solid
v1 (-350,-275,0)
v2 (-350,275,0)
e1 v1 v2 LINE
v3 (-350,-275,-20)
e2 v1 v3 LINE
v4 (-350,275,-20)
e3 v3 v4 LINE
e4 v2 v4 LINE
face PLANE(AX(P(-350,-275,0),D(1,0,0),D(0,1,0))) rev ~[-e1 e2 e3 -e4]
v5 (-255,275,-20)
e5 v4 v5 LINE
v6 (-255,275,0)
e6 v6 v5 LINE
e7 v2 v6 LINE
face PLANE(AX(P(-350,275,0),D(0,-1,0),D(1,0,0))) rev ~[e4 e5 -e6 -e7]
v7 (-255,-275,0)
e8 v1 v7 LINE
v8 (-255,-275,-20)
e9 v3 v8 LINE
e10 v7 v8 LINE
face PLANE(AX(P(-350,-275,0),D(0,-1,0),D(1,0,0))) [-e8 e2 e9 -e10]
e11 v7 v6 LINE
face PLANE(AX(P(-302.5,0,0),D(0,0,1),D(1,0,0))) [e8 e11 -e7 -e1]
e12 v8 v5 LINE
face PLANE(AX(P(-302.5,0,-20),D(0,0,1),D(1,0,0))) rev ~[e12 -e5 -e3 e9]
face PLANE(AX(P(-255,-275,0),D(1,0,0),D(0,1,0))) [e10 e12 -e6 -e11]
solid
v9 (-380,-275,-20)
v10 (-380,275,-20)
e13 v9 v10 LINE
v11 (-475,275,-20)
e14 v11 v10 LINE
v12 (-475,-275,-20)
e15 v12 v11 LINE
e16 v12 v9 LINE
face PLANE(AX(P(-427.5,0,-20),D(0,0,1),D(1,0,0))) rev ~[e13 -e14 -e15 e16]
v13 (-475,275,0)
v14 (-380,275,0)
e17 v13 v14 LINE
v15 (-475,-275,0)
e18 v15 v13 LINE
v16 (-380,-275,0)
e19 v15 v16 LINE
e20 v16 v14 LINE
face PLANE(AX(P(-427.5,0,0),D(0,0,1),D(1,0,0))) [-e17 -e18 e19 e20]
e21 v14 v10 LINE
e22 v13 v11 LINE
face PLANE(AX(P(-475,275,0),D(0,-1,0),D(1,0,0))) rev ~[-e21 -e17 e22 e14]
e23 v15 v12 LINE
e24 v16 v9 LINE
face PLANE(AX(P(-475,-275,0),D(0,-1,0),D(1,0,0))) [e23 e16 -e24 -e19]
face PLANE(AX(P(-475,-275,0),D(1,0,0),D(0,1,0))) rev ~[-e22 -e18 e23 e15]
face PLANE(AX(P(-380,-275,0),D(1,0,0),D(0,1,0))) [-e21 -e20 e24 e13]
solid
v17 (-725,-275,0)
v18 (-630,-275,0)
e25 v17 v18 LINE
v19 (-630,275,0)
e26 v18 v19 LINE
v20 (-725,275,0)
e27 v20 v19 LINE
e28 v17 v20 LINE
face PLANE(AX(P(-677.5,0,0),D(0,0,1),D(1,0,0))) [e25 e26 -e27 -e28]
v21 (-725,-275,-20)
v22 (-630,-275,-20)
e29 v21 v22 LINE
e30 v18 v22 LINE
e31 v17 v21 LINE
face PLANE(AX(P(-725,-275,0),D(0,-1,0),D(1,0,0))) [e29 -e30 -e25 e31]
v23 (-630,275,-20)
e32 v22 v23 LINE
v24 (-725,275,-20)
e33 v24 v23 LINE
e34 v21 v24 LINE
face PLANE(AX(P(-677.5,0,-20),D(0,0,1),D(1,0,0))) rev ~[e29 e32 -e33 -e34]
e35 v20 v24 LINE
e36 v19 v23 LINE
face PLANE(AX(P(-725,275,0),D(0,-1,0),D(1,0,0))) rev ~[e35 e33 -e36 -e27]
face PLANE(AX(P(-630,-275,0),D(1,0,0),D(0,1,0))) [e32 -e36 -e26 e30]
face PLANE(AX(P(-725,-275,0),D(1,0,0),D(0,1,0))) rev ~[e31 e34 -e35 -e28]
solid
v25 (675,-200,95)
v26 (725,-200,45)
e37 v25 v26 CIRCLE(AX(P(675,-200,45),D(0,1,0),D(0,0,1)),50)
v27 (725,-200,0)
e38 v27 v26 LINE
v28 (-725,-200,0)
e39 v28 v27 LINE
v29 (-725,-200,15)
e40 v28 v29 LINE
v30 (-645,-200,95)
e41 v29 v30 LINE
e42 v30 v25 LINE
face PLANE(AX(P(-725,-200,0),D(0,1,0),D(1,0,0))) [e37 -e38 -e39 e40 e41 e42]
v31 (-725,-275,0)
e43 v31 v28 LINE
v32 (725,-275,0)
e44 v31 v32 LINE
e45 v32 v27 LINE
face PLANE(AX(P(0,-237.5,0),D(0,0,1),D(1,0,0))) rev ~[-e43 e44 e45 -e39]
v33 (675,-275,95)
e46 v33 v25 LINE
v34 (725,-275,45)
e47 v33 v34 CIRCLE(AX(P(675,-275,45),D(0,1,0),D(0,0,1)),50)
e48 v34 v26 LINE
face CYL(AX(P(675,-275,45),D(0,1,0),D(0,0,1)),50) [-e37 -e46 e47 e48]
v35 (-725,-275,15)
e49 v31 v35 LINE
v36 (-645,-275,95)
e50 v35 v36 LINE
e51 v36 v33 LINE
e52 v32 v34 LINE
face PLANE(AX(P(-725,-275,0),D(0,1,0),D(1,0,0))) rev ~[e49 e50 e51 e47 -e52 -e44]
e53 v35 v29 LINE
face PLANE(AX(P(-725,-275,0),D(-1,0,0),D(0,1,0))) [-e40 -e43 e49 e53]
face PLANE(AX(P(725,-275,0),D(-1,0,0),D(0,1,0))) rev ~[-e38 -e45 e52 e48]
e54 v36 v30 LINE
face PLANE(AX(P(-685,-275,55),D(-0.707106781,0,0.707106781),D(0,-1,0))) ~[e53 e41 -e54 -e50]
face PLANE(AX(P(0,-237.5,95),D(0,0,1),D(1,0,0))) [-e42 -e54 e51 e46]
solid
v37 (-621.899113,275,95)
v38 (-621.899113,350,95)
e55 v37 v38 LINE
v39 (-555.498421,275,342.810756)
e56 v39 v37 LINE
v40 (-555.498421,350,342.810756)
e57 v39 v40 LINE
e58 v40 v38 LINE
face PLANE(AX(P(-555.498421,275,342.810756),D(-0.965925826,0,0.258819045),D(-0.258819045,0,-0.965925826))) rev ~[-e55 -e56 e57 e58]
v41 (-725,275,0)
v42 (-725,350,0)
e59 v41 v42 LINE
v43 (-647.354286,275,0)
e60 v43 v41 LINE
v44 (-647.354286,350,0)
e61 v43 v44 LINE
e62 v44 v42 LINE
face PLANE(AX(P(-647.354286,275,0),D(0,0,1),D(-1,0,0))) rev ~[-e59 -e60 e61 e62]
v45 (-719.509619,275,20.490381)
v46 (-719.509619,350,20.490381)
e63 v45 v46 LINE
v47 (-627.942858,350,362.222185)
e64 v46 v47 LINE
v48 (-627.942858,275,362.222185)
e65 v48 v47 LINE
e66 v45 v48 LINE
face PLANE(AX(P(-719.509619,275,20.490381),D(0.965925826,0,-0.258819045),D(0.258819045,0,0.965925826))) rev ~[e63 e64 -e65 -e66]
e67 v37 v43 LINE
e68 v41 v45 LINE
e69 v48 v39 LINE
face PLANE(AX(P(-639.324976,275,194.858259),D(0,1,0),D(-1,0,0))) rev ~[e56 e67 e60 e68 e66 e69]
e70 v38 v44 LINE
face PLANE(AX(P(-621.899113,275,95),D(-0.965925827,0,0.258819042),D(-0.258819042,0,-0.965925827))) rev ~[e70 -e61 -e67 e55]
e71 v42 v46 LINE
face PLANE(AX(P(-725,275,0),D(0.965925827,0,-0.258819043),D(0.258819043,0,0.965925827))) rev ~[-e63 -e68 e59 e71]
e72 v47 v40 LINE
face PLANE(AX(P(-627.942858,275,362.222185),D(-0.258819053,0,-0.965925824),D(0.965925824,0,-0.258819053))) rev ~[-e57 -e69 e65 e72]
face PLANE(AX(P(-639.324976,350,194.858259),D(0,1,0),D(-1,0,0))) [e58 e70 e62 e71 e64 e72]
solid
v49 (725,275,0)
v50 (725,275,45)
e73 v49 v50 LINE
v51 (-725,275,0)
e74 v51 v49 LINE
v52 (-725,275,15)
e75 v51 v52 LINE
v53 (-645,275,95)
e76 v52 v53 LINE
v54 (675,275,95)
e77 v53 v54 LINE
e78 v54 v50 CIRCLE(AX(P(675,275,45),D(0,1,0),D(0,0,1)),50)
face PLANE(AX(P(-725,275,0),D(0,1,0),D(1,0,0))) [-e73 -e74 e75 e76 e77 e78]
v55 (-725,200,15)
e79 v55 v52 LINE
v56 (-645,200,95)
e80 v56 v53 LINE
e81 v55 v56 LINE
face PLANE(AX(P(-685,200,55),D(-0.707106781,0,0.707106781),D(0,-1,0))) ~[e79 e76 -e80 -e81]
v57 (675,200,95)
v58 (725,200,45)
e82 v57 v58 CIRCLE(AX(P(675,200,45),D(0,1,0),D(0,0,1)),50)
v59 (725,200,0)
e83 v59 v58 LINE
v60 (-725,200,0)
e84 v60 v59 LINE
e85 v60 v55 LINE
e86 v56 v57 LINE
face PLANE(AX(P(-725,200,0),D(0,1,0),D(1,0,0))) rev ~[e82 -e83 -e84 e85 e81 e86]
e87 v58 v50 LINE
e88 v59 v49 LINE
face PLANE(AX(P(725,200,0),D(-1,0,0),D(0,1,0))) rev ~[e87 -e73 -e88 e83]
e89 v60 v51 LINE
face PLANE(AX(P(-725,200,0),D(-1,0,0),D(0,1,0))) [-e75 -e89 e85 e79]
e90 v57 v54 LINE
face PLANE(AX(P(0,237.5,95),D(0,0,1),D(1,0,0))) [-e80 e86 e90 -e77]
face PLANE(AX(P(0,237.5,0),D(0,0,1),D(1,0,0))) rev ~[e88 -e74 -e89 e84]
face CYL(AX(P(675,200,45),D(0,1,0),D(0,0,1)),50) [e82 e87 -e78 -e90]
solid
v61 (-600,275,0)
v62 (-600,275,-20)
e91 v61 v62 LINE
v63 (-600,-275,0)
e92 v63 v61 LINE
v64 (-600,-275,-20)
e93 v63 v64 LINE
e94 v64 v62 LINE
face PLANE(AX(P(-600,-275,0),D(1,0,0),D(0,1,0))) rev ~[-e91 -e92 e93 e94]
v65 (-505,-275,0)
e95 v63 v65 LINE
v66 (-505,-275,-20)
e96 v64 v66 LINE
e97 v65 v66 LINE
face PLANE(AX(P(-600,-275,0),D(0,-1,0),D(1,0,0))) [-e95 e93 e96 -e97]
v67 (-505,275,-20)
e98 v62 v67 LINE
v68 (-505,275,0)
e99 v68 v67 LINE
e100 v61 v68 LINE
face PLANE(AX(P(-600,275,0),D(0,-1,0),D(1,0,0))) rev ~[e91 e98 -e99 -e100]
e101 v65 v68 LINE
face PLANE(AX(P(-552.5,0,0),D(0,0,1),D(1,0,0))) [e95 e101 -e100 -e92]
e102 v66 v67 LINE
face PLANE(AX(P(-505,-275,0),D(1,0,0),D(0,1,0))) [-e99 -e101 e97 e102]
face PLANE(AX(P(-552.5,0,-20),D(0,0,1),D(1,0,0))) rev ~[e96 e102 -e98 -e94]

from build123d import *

# Parameters (mm, degrees)
F0_W     = 1450
F0_H     = 75
F1_DEPTH = 95
F2_W     = 95
F2_H     = 550
F3_DEPTH = 20
F4_SIZE  = 80
F5_R     = 50
F7_DEPTH = 75


with BuildPart() as f1:
    # F0 (on Top) → F1 (new body)
    with BuildSketch(Plane.XY):
        with Locations((0, 237.5)):
            Rectangle(F0_W, F0_H)
        with Locations((0, -237.5)):
            Rectangle(F0_W, F0_H)
    extrude(amount=F1_DEPTH)

    # F4
    f4_edges = [f1.edges().sort_by_distance(p)[0] for p in [
        (-725, 237.5, 95),
        (-725, -237.5, 95),
    ]]
    chamfer(f4_edges, length=F4_SIZE)

    # F5
    f5_edges = [f1.edges().sort_by_distance(p)[0] for p in [
        (725, 237.5, 95),
        (725, -237.5, 95),
    ]]
    fillet(f5_edges, radius=F5_R)


with BuildPart() as f3:
    # F2 (on Top) → F3 (new body)
    with BuildSketch(Plane.XY):
        with Locations((-677.5, 0)):
            Rectangle(F2_W, F2_H)
        with Locations((-552.5, 0)):
            Rectangle(F2_W, F2_H)
        with Locations((-427.5, 0)):
            Rectangle(F2_W, F2_H)
        with Locations((-302.5, 0)):
            Rectangle(F2_W, F2_H)
    extrude(amount=-F3_DEPTH)


with BuildPart() as f7:
    # F6 (on face) → F7 (new body)
    with BuildSketch(Plane(origin=(0, 275, 0), x_dir=(-1, 0, 0), z_dir=(0, 1, 0))):
        Polygon((645, 95), (719.509619, 20.490381), (627.942858, 362.222185), (555.498421, 342.810756), (621.899113, 95), align=None)
        Polygon((647.354286, 0), (725, 0), (719.509619, 20.490381), (645, 95), (621.899113, 95), align=None)
    extrude(amount=F7_DEPTH)


solid = Compound([f1.part, f3.part, f7.part])
